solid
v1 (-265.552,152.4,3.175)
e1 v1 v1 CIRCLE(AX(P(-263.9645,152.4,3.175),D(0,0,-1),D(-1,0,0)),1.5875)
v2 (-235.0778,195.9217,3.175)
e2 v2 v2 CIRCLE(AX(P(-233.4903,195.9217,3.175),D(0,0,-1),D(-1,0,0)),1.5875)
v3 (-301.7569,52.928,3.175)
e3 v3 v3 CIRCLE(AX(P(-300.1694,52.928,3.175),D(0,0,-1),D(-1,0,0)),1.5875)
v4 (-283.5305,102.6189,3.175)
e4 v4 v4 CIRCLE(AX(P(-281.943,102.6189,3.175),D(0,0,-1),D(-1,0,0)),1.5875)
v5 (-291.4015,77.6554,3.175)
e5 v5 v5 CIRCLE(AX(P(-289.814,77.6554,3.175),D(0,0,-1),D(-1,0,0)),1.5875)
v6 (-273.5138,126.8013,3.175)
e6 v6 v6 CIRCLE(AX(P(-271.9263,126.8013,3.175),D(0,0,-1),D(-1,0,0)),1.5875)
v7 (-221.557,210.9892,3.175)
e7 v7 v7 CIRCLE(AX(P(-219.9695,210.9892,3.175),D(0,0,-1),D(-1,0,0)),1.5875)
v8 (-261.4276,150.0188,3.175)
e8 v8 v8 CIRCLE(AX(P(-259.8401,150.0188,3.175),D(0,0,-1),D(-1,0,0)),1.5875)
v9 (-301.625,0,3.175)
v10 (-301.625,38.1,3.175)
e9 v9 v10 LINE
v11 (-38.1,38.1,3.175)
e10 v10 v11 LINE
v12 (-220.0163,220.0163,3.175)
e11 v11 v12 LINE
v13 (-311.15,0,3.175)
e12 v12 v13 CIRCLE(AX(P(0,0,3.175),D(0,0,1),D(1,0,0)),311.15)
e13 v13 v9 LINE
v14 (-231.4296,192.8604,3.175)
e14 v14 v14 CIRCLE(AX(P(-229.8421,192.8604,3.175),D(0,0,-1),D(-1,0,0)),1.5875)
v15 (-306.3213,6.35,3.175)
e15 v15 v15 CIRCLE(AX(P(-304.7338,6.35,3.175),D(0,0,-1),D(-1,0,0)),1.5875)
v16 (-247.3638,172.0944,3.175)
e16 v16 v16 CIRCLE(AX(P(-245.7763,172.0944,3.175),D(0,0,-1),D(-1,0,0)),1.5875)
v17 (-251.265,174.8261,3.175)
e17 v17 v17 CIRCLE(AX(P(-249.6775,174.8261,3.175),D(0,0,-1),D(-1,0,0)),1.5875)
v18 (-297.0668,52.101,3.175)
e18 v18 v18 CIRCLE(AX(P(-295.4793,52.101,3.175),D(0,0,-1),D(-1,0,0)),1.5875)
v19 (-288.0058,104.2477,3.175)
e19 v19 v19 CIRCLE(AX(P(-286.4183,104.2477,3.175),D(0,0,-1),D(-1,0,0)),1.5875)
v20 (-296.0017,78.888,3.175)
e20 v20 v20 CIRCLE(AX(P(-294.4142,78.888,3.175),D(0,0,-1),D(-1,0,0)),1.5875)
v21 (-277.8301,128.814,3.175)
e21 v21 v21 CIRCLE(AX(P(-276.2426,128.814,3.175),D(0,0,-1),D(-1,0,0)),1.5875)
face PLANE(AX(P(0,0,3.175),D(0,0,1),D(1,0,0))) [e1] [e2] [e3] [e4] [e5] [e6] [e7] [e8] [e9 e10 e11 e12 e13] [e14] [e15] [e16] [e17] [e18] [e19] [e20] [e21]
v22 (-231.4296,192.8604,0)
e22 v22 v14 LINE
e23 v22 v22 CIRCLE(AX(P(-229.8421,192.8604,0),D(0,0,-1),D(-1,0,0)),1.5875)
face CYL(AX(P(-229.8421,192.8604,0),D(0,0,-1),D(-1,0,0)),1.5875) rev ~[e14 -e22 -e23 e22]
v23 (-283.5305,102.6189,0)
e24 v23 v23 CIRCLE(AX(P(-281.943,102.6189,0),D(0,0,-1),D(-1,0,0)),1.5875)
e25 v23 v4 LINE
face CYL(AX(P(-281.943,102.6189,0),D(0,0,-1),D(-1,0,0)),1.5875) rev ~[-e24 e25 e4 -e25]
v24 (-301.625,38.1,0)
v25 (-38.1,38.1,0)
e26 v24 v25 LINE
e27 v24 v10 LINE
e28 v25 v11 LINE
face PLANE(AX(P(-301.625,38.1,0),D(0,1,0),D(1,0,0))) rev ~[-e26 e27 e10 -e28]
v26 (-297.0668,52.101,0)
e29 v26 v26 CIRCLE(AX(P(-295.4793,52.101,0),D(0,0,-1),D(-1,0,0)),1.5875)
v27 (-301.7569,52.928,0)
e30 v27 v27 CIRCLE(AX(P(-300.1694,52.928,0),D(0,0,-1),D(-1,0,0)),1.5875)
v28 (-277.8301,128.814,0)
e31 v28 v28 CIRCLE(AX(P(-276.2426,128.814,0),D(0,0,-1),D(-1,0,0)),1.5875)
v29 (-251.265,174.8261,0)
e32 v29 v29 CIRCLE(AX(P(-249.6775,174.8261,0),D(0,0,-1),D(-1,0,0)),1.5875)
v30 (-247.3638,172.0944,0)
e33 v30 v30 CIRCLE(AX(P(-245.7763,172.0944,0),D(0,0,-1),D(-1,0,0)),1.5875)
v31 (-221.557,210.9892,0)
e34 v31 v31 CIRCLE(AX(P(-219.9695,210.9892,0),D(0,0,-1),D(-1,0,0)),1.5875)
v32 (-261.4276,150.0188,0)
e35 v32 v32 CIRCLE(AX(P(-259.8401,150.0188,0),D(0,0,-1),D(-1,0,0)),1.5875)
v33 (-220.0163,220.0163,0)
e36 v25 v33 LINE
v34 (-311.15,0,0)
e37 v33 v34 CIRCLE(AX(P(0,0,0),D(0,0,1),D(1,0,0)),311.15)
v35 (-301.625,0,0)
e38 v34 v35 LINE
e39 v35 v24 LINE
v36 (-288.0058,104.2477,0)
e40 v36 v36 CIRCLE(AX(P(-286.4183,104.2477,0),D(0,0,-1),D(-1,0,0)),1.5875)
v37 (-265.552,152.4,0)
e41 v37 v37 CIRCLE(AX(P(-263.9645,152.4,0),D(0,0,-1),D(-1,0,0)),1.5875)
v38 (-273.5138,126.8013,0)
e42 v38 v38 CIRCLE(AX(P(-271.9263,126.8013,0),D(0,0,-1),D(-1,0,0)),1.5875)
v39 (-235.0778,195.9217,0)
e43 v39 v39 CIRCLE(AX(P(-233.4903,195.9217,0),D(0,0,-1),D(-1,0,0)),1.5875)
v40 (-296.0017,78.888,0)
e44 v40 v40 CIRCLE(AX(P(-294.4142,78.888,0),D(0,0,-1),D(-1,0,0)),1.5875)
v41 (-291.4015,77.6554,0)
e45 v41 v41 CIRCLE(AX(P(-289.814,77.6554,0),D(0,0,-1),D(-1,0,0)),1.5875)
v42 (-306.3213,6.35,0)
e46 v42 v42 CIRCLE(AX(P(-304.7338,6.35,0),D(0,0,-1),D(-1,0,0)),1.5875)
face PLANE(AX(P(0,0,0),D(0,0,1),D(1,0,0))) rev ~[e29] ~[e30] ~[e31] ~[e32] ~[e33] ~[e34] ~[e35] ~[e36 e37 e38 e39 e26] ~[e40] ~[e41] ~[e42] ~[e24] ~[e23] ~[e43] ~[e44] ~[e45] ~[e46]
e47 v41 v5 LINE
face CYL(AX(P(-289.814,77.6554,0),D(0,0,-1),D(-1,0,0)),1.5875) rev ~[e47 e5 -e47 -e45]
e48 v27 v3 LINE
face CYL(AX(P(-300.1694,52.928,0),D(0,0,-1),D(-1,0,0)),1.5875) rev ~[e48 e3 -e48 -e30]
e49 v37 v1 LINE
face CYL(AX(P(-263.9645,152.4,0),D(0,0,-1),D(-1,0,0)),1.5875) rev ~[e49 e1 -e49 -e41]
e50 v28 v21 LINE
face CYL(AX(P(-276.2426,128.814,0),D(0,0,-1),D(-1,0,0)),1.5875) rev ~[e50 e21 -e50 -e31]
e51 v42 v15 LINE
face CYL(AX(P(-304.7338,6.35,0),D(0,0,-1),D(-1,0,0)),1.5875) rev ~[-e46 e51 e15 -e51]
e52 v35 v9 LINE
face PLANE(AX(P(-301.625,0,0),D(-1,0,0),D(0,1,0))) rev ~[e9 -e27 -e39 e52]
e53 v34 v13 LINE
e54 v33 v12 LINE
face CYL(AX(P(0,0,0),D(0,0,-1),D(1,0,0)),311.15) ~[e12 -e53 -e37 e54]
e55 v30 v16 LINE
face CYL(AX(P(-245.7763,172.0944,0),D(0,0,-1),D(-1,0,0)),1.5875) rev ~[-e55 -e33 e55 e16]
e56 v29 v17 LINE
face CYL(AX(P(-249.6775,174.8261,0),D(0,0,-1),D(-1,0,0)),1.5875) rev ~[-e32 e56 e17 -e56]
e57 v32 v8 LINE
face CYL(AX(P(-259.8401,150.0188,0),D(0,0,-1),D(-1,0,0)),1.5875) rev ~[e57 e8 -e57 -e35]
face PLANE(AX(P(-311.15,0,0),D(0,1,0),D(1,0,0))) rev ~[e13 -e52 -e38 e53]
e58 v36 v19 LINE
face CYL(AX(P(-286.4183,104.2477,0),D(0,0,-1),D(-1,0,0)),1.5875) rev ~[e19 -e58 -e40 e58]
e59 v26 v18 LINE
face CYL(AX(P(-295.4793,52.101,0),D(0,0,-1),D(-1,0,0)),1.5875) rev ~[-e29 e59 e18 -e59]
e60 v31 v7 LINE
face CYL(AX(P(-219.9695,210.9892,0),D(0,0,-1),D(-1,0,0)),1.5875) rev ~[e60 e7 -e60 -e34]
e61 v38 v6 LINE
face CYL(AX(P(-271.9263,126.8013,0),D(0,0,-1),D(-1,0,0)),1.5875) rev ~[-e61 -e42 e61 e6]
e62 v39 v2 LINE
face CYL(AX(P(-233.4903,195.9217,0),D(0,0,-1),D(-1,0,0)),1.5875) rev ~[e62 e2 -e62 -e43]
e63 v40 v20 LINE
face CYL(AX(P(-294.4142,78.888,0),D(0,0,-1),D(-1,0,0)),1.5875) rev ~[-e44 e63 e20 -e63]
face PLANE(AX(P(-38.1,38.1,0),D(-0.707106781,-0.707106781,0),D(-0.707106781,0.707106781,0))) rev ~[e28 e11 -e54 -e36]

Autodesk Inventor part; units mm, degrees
ref_plane "YZ Plane" through (0, 0, 0) normal (1, 0, 0) x (0, 1, 0)
ref_plane "XZ Plane" through (0, 0, 0) normal (0, 1, 0) x (-1, 0, 0)
ref_plane "XY Plane" through (0, 0, 0) normal (0, 0, 1) x (1, 0, 0)
sketch "Sketch3" plane through (0, 0, 0) normal (0, 0, 1) x (1, 0, 0)
  line L0 (-311.15, 0) -> (0, 0)
  line L1 (0, 0) -> (-220.0163, 220.0163)
  line L2 (-301.625, 0) -> (-301.625, 38.1)
  line L3 (-301.625, 38.1) -> (-38.1, 38.1)
  line L4 (-23.0461, 23.0461) -> (-23.0461, 0)
  circle A0 centre (0, 0) radius 311.15
  point P0 (0, 0)
  point P1 (-306.9751, 50.8)
  dimension "d10" = 38.1
  dimension "d12" = 9.525
extrude "Extrusion3" add sketch "Sketch3" along normal blind 3.175 contours A0 L1 L3 L2 L0
sketch "Sketch4" plane through (0, 0, 0) normal (0, 0, -1) x (-1, 0, 0)
  line L0 (-141.2846, 157.1654) -> (-0.3893, 16.2701) projected
  line L1 (-145.7747, 152.6753) -> (-141.2846, 157.1654) projected
  line L2 (-4.8794, 11.78) -> (-145.7747, 152.6753) projected
  arc A0 (0, 0) -> (-4.8794, 11.78) centre (-16.6594, 0) ccw projected
  line L3 (0, -6.35) -> (0, 0) projected
  line L4 (6.35, -6.35) -> (0, -6.35) projected
  line L5 (6.35, -2.6303) -> (6.35, -6.35) projected
  arc A1 (5.6464, 5.6464) -> (-0.3893, 16.2701) centre (-16.6594, 0) ccw projected
  line L6 (6.35, -2.6303) -> (214.3556, 205.3753) projected
  line L7 (209.9135, 209.9135) -> (5.6464, 5.6464) projected
  arc A2 (214.3556, 205.3753) -> (209.9135, 209.9135) centre (0, 0) ccw projected
  circle A3 centre (245.7763, 172.0944) radius 1.5875 projected
  circle A4 centre (271.9263, 126.8013) radius 1.5875 projected
  circle A5 centre (289.814, 77.6554) radius 1.5875 projected
  circle A6 centre (298.8958, 26.15) radius 1.5875 projected
  circle A7 centre (304.7338, 6.35) radius 1.5875 projected
  circle A8 centre (249.6775, 174.8261) radius 1.5875 projected
  circle A9 centre (276.2426, 128.814) radius 1.5875 projected
  circle A10 centre (294.4142, 78.888) radius 1.5875 projected
  circle A11 centre (303.6401, 26.5651) radius 1.5875 projected
  circle A12 centre (300.1694, 52.928) radius 1.5875 projected
  circle A13 centre (286.4183, 104.2477) radius 1.5875 projected
  circle A14 centre (263.9645, 152.4) radius 1.5875 projected
  circle A15 centre (233.4903, 195.9217) radius 1.5875 projected
  circle A16 centre (219.9695, 210.9892) radius 1.5875 projected
  circle A17 centre (295.4793, 52.101) radius 1.5875 projected
  circle A18 centre (281.943, 102.6189) radius 1.5875 projected
  circle A19 centre (259.8401, 150.0188) radius 1.5875 projected
  circle A20 centre (229.8421, 192.8604) radius 1.5875 projected
  arc A21 (311.15, 0) -> (220.0163, 220.0163) centre (0, 0) ccw projected
  line L8 (220.0163, 220.0163) -> (0, 0) projected
  line L9 (0, 0) -> (311.15, 0) projected
  point P0 (-16.6594, 0)
  point P1 (-16.6594, 0)
  point P2 (0, 0)
extrude "Extrusion5" cut sketch "Sketch4" against normal through all contours A3 | A4 | A5 | A7 | A8 | A9 | A10 | A12 | A13 | A14 | A15 | A16 | A17 | A18 | A19 | A20
properties part number "Side Panel 2" material "Polycarbonate, Clear"
